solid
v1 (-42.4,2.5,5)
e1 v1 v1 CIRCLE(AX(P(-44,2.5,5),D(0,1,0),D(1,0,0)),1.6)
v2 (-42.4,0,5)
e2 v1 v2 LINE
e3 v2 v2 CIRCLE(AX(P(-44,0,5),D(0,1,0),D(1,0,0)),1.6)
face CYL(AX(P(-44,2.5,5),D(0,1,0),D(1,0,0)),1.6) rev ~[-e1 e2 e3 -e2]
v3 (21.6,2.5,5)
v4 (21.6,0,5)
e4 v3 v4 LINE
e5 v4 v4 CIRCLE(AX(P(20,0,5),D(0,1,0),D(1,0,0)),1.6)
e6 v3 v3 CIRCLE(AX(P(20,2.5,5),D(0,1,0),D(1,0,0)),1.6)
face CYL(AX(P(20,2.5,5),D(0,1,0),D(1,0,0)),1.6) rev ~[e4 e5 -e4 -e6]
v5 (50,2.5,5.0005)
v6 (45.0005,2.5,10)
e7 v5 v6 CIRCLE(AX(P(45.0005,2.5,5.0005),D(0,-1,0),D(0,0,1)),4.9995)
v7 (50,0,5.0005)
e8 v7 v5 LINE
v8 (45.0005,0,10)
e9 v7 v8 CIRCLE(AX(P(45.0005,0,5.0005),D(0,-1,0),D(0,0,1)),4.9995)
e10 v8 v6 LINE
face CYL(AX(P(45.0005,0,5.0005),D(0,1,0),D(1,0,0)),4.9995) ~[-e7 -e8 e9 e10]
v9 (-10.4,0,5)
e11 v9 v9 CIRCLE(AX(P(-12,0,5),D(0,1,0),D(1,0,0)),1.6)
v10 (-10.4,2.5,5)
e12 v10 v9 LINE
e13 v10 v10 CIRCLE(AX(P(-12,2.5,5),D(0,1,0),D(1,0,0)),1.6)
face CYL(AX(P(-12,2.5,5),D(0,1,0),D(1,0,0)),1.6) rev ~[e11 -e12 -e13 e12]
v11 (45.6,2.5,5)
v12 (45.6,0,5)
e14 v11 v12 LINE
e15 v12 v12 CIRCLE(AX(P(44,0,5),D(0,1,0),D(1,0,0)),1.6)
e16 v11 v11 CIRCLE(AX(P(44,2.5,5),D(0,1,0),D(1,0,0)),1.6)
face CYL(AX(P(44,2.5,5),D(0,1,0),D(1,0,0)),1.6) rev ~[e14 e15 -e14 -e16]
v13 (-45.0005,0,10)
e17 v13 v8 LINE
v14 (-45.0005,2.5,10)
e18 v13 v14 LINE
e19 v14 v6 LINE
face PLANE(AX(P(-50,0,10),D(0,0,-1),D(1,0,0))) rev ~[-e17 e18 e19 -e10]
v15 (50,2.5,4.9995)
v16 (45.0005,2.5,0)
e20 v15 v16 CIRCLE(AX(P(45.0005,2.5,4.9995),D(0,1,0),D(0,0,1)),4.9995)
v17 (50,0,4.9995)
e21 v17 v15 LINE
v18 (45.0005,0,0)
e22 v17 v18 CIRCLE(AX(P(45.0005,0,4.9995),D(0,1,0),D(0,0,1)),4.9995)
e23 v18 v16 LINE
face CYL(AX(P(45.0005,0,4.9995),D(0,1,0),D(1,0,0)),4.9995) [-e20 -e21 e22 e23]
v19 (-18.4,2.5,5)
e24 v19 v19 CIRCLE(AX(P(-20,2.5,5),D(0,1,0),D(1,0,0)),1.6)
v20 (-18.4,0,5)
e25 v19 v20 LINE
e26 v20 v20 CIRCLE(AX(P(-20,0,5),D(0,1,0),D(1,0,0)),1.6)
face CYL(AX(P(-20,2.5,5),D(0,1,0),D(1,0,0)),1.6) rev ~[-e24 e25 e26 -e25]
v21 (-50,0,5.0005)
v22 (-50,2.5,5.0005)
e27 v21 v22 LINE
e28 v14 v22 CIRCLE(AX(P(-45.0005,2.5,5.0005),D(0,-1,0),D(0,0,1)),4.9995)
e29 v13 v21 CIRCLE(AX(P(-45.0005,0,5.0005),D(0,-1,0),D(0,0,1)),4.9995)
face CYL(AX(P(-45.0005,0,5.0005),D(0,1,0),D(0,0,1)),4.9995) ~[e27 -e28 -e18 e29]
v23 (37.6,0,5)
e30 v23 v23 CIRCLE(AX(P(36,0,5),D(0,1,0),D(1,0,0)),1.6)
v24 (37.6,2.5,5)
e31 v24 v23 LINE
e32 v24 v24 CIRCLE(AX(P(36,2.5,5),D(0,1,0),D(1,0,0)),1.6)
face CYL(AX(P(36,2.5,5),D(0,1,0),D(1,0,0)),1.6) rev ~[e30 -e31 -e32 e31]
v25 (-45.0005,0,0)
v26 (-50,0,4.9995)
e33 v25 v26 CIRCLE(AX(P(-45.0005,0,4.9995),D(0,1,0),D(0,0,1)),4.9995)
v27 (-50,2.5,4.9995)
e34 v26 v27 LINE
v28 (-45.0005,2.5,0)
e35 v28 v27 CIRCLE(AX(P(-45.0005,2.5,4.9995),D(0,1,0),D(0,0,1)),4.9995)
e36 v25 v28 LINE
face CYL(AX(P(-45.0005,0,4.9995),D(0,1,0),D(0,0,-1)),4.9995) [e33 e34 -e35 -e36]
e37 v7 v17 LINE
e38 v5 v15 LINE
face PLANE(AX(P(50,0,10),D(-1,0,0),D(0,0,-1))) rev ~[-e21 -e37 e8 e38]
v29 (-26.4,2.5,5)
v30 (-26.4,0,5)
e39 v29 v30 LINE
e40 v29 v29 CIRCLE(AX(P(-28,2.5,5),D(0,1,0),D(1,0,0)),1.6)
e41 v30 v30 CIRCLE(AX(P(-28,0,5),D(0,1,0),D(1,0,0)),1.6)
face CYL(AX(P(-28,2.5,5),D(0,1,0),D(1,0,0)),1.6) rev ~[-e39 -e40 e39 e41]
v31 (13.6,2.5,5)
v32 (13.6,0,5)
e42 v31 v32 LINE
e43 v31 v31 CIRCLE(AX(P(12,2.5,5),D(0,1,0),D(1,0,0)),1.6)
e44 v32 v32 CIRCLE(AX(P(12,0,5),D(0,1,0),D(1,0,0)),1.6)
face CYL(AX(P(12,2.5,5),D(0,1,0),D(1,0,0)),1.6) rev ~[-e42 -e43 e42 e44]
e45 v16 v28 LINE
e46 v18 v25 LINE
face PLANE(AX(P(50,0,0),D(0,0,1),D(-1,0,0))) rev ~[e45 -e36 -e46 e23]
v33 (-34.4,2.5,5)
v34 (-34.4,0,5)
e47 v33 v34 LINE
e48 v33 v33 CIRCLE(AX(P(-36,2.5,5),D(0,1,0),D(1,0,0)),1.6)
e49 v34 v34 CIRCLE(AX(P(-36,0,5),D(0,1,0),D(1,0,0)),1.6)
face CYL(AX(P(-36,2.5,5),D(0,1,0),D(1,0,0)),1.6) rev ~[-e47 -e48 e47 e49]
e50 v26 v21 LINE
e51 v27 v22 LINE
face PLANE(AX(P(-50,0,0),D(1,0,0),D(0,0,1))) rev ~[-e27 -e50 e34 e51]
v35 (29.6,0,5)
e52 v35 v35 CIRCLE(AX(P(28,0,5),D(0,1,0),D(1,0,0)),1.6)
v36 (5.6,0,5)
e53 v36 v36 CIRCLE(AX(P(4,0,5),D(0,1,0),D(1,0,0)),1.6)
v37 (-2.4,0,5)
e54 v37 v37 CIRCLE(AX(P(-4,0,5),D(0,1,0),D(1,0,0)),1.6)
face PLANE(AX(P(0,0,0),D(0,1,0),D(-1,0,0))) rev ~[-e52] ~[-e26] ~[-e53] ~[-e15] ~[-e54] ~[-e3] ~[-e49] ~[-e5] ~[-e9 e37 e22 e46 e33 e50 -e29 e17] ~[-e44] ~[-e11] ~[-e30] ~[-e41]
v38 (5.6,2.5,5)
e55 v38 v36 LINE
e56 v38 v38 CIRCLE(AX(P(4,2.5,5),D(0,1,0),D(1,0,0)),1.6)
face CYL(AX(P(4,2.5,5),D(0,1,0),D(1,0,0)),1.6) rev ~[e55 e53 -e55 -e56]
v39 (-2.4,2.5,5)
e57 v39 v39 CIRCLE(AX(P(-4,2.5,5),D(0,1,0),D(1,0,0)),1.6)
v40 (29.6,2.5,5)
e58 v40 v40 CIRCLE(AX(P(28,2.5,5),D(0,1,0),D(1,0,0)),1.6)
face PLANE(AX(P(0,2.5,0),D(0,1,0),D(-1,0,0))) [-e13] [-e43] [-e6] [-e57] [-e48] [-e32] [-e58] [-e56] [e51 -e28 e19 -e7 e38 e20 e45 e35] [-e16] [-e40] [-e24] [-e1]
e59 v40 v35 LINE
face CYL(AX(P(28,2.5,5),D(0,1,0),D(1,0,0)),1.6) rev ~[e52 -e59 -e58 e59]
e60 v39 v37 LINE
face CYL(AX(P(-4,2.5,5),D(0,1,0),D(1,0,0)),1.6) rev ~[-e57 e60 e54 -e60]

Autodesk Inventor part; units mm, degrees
ref_plane "YZ Plane" through (0, 0, 0) normal (1, 0, 0) x (0, 1, 0)
ref_plane "XZ Plane" through (0, 0, 0) normal (0, 1, 0) x (-1, 0, 0)
ref_plane "XY Plane" through (0, 0, 0) normal (0, 0, 1) x (1, 0, 0)
sketch "Sketch1" plane through (0, 0, 0) normal (0, 1, 0) x (-1, 0, 0)
  line L0 (-50, 0) -> (50, 0)
  line L1 (50, 0) -> (50, 10)
  line L2 (50, 10) -> (-50, 10)
  line L3 (-50, 10) -> (-50, 0)
  point P0 (0, 0)
  dimension "d0" = 10
  dimension "d1" = 100
  dimension "d2" = 50
extrude "Extrusion1" add sketch "Sketch1" along normal blind 2.5
sketch "Sketch2" plane through (0, 2.5, 0) normal (0, 1, 0) x (1, 0, 0)
  circle A0 centre (44, -5) radius 1.6
  line L0 (50, -10) -> (50, 0) projected
  line L1 (-50, -10) -> (50, -10) projected
  line L2 (50, 0) -> (-50, 0) projected
  line L3 (-50, 0) -> (-50, -10) projected
  circle A1 centre (36, -5) radius 1.6
  circle A2 centre (28, -5) radius 1.6
  circle A3 centre (20, -5) radius 1.6
  circle A4 centre (12, -5) radius 1.6
  circle A5 centre (4, -5) radius 1.6
  circle A6 centre (-4, -5) radius 1.6
  circle A7 centre (-12, -5) radius 1.6
  circle A8 centre (-20, -5) radius 1.6
  circle A9 centre (-28, -5) radius 1.6
  circle A10 centre (-36, -5) radius 1.6
  circle A11 centre (-44, -5) radius 1.6
  point P0 (0, 0)
  dimension "d5" = 6
  dimension "d6" = 3.2
  dimension "d7" = 10
  dimension "d8" = 5
  dimension "d10" = 100
  dimension "d13" = 8
  dimension "d18" = 6
extrude "Extrusion2" cut sketch "Sketch2" against normal through all contours A0 | A1 | A2 | A3 | A4 | A5 | A6 | A7 | A8 | A9 | A10 | A11
fillet "Fillet1" radius 5 4 edges at (50, 1.25, 10) (50, 1.25, 0) (-50, 1.25, 10) (-50, 1.25, 0)
equation "\"d2\" = 0.5 * d1"
equation "\"d8\" = 0.5 * d7"
properties part number "anchor-point"
